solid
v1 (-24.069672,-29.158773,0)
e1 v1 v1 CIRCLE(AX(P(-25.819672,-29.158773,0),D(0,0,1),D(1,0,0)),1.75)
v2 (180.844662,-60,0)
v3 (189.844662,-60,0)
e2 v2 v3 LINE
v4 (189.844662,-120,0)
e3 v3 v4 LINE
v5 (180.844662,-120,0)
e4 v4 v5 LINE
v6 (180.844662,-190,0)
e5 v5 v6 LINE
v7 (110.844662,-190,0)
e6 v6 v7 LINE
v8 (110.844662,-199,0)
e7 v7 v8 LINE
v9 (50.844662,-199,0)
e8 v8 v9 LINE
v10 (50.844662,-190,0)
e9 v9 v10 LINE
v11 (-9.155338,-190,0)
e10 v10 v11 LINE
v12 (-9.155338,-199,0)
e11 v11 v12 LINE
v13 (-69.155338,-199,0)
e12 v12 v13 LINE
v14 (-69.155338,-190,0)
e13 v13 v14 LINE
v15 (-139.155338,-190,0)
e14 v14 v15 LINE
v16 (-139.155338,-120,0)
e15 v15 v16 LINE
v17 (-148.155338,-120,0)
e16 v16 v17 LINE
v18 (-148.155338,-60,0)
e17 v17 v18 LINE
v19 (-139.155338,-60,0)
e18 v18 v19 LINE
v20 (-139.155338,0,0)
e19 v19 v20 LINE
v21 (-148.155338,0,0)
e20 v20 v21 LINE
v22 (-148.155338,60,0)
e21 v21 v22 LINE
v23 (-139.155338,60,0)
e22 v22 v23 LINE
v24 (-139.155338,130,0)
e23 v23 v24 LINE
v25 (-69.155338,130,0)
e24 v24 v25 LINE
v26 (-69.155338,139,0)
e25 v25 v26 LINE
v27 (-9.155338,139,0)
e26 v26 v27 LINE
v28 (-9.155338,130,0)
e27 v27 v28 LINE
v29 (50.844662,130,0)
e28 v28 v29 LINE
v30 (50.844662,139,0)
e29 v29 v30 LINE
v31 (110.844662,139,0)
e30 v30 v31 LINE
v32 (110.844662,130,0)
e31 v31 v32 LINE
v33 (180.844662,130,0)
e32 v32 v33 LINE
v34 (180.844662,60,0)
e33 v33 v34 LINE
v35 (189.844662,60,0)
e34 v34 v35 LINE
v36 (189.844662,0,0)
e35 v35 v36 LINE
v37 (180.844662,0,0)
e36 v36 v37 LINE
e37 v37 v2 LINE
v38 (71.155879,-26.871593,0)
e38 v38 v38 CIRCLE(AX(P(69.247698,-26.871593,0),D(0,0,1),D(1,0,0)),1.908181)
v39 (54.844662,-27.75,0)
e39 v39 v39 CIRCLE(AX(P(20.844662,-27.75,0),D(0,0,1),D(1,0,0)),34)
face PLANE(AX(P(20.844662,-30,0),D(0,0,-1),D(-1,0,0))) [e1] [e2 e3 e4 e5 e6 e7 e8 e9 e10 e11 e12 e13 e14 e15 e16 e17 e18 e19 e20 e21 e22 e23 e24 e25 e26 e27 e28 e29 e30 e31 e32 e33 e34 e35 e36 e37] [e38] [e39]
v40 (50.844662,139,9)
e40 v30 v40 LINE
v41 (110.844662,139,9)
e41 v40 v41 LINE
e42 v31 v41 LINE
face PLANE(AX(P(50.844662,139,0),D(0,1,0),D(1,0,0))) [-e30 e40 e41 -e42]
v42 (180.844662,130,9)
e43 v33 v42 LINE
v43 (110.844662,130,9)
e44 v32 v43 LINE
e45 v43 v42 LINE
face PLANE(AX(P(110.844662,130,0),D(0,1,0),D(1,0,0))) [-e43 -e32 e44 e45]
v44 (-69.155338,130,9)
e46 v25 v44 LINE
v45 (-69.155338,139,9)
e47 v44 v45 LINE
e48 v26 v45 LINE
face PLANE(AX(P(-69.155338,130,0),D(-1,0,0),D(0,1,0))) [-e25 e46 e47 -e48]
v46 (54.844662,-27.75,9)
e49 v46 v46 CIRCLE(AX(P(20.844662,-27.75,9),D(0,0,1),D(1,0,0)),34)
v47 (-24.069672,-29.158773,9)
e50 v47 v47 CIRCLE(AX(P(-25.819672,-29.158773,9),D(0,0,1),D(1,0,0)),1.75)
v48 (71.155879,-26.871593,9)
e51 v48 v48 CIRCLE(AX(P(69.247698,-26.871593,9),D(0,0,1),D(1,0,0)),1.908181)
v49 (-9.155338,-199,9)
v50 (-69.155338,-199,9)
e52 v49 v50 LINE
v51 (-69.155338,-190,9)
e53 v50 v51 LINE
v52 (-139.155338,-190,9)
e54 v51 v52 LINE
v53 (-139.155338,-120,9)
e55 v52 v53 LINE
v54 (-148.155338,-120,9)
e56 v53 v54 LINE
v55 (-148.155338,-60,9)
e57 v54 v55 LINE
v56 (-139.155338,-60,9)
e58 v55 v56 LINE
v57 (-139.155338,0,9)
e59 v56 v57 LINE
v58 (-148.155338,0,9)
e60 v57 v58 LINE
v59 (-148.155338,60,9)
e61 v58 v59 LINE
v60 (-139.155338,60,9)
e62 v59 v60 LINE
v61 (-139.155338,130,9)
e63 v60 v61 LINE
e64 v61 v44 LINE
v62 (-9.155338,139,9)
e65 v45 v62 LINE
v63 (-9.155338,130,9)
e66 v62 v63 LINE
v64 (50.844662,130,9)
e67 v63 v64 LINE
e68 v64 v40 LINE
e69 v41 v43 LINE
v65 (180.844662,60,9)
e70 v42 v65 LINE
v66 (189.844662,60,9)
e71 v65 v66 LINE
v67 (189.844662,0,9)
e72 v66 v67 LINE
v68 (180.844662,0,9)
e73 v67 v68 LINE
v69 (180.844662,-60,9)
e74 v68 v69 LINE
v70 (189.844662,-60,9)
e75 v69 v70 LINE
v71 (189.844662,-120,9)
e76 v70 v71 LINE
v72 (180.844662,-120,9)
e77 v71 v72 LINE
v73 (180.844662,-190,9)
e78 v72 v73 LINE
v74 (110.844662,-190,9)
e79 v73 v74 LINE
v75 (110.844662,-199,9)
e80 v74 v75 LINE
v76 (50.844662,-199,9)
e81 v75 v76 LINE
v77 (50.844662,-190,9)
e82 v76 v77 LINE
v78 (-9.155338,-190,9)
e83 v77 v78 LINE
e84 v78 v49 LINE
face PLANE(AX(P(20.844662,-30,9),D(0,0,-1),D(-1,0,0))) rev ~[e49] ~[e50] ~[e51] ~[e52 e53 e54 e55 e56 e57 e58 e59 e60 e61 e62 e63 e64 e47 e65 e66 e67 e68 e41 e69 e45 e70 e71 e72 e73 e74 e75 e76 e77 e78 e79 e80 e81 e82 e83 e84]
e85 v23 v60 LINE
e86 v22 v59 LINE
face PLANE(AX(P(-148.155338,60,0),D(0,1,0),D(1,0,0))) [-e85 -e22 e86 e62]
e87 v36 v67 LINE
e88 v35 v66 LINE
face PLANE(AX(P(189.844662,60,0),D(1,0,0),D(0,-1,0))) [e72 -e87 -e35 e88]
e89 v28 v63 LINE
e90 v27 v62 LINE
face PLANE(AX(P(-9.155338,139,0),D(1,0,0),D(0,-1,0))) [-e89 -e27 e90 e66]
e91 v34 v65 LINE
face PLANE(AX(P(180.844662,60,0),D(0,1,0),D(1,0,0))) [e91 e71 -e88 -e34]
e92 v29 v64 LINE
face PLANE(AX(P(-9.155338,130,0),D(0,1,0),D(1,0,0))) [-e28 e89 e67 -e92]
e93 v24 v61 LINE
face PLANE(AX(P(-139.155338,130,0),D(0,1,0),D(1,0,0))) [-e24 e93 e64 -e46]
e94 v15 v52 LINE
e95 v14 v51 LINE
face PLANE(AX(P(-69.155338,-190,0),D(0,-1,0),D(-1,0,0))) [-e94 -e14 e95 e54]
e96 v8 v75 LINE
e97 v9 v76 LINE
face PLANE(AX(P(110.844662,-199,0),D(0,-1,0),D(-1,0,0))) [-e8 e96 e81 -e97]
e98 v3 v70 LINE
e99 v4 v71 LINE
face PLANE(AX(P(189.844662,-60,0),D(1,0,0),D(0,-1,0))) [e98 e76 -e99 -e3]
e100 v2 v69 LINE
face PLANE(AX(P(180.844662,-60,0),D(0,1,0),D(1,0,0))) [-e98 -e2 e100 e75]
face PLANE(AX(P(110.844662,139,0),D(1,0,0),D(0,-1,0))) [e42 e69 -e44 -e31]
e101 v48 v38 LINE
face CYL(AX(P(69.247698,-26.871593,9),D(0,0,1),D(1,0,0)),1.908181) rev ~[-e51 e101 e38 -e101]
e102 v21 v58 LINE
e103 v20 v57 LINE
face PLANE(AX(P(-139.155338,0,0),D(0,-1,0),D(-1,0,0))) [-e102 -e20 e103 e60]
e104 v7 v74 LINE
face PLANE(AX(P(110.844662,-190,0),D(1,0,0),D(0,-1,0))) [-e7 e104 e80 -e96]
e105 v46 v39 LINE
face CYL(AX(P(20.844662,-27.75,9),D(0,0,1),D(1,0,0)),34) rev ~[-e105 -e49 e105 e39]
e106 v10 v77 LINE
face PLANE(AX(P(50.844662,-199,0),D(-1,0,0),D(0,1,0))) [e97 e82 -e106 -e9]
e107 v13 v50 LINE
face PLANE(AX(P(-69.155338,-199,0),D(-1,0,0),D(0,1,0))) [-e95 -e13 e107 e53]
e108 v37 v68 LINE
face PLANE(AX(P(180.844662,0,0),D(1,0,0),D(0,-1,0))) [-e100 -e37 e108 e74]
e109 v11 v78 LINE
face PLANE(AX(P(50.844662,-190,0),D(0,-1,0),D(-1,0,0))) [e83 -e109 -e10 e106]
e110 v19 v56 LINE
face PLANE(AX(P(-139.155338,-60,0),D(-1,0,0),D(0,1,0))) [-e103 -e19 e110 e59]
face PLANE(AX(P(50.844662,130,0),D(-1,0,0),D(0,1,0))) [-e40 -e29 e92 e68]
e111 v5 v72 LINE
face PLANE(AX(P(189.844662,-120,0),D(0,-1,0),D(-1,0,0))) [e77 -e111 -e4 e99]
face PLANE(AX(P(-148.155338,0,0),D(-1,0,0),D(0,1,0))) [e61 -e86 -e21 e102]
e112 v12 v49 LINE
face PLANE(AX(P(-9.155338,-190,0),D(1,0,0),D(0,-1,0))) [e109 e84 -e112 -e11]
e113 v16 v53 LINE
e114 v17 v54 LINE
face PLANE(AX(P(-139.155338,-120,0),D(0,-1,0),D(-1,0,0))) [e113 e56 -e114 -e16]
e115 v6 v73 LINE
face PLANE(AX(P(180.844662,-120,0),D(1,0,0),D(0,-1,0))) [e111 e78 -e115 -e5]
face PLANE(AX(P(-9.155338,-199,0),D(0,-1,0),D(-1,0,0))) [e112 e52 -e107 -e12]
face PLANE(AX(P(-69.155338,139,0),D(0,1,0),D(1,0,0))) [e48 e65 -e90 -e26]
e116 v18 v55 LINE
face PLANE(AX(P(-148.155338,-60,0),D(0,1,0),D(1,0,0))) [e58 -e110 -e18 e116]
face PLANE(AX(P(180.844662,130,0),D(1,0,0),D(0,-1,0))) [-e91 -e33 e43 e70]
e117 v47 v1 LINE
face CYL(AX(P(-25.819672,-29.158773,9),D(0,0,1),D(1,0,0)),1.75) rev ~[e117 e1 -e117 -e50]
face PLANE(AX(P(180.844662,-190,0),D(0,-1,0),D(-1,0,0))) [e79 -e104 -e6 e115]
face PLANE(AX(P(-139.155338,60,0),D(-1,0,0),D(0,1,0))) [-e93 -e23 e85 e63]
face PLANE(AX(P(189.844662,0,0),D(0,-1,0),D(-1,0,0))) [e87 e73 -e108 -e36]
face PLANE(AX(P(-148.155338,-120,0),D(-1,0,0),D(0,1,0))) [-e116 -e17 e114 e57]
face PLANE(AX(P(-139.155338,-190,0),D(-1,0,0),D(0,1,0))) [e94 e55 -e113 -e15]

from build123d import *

# Parameters (mm, degrees)
BOSS_EXTRUDE1_DEPTH = 9
SKETCH3_R           = 34
CUT_EXTRUDE1_DEPTH  = 10
SKETCH4_R           = 1.908180832
SKETCH4_R_2         = 1.75
CUT_EXTRUDE2_DEPTH  = 276.178116638


with BuildPart() as part:
    # Sketch2 → Boss-Extrude1 (new body)
    with BuildSketch(Plane.XY):
        Polygon((110.844662491, -190), (110.844662491, -199), (50.844662491, -199), (50.844662491, -190), (-9.155337509, -190), (-9.155337509, -199), (-69.155337509, -199), (-69.155337509, -190), (-139.155337509, -190), (-139.155337509, -120), (-148.155337509, -120), (-148.155337509, -60), (-139.155337509, -60), (-139.155337509, 0), (-148.155337509, 0), (-148.155337509, 60), (-139.155337509, 60), (-139.155337509, 130), (-69.155337509, 130), (-69.155337509, 139), (-9.155337509, 139), (-9.155337509, 130), (50.844662491, 130), (50.844662491, 139), (110.844662491, 139), (110.844662491, 130), (180.844662491, 130), (180.844662491, 60), (189.844662491, 60), (189.844662491, 0), (180.844662491, 0), (180.844662491, -60), (189.844662491, -60), (189.844662491, -120), (180.844662491, -120), (180.844662491, -190), align=None)
    extrude(amount=BOSS_EXTRUDE1_DEPTH)

    # Sketch3 → Cut-Extrude1 (cut)
    with BuildSketch(Plane.XY.offset(9)):
        with Locations((20.844662491, -27.75)):
            Circle(SKETCH3_R)
    extrude(amount=-CUT_EXTRUDE1_DEPTH, mode=Mode.SUBTRACT)

    # Sketch4 → Cut-Extrude2 (cut, through all)
    with BuildSketch(Plane.XY.offset(9)):
        with Locations((69.247698425, -26.871593426)):
            Circle(SKETCH4_R)
        with Locations((-25.819672208, -29.158773424)):
            Circle(SKETCH4_R_2)
    extrude(amount=-CUT_EXTRUDE2_DEPTH, mode=Mode.SUBTRACT)


solid = part.part
